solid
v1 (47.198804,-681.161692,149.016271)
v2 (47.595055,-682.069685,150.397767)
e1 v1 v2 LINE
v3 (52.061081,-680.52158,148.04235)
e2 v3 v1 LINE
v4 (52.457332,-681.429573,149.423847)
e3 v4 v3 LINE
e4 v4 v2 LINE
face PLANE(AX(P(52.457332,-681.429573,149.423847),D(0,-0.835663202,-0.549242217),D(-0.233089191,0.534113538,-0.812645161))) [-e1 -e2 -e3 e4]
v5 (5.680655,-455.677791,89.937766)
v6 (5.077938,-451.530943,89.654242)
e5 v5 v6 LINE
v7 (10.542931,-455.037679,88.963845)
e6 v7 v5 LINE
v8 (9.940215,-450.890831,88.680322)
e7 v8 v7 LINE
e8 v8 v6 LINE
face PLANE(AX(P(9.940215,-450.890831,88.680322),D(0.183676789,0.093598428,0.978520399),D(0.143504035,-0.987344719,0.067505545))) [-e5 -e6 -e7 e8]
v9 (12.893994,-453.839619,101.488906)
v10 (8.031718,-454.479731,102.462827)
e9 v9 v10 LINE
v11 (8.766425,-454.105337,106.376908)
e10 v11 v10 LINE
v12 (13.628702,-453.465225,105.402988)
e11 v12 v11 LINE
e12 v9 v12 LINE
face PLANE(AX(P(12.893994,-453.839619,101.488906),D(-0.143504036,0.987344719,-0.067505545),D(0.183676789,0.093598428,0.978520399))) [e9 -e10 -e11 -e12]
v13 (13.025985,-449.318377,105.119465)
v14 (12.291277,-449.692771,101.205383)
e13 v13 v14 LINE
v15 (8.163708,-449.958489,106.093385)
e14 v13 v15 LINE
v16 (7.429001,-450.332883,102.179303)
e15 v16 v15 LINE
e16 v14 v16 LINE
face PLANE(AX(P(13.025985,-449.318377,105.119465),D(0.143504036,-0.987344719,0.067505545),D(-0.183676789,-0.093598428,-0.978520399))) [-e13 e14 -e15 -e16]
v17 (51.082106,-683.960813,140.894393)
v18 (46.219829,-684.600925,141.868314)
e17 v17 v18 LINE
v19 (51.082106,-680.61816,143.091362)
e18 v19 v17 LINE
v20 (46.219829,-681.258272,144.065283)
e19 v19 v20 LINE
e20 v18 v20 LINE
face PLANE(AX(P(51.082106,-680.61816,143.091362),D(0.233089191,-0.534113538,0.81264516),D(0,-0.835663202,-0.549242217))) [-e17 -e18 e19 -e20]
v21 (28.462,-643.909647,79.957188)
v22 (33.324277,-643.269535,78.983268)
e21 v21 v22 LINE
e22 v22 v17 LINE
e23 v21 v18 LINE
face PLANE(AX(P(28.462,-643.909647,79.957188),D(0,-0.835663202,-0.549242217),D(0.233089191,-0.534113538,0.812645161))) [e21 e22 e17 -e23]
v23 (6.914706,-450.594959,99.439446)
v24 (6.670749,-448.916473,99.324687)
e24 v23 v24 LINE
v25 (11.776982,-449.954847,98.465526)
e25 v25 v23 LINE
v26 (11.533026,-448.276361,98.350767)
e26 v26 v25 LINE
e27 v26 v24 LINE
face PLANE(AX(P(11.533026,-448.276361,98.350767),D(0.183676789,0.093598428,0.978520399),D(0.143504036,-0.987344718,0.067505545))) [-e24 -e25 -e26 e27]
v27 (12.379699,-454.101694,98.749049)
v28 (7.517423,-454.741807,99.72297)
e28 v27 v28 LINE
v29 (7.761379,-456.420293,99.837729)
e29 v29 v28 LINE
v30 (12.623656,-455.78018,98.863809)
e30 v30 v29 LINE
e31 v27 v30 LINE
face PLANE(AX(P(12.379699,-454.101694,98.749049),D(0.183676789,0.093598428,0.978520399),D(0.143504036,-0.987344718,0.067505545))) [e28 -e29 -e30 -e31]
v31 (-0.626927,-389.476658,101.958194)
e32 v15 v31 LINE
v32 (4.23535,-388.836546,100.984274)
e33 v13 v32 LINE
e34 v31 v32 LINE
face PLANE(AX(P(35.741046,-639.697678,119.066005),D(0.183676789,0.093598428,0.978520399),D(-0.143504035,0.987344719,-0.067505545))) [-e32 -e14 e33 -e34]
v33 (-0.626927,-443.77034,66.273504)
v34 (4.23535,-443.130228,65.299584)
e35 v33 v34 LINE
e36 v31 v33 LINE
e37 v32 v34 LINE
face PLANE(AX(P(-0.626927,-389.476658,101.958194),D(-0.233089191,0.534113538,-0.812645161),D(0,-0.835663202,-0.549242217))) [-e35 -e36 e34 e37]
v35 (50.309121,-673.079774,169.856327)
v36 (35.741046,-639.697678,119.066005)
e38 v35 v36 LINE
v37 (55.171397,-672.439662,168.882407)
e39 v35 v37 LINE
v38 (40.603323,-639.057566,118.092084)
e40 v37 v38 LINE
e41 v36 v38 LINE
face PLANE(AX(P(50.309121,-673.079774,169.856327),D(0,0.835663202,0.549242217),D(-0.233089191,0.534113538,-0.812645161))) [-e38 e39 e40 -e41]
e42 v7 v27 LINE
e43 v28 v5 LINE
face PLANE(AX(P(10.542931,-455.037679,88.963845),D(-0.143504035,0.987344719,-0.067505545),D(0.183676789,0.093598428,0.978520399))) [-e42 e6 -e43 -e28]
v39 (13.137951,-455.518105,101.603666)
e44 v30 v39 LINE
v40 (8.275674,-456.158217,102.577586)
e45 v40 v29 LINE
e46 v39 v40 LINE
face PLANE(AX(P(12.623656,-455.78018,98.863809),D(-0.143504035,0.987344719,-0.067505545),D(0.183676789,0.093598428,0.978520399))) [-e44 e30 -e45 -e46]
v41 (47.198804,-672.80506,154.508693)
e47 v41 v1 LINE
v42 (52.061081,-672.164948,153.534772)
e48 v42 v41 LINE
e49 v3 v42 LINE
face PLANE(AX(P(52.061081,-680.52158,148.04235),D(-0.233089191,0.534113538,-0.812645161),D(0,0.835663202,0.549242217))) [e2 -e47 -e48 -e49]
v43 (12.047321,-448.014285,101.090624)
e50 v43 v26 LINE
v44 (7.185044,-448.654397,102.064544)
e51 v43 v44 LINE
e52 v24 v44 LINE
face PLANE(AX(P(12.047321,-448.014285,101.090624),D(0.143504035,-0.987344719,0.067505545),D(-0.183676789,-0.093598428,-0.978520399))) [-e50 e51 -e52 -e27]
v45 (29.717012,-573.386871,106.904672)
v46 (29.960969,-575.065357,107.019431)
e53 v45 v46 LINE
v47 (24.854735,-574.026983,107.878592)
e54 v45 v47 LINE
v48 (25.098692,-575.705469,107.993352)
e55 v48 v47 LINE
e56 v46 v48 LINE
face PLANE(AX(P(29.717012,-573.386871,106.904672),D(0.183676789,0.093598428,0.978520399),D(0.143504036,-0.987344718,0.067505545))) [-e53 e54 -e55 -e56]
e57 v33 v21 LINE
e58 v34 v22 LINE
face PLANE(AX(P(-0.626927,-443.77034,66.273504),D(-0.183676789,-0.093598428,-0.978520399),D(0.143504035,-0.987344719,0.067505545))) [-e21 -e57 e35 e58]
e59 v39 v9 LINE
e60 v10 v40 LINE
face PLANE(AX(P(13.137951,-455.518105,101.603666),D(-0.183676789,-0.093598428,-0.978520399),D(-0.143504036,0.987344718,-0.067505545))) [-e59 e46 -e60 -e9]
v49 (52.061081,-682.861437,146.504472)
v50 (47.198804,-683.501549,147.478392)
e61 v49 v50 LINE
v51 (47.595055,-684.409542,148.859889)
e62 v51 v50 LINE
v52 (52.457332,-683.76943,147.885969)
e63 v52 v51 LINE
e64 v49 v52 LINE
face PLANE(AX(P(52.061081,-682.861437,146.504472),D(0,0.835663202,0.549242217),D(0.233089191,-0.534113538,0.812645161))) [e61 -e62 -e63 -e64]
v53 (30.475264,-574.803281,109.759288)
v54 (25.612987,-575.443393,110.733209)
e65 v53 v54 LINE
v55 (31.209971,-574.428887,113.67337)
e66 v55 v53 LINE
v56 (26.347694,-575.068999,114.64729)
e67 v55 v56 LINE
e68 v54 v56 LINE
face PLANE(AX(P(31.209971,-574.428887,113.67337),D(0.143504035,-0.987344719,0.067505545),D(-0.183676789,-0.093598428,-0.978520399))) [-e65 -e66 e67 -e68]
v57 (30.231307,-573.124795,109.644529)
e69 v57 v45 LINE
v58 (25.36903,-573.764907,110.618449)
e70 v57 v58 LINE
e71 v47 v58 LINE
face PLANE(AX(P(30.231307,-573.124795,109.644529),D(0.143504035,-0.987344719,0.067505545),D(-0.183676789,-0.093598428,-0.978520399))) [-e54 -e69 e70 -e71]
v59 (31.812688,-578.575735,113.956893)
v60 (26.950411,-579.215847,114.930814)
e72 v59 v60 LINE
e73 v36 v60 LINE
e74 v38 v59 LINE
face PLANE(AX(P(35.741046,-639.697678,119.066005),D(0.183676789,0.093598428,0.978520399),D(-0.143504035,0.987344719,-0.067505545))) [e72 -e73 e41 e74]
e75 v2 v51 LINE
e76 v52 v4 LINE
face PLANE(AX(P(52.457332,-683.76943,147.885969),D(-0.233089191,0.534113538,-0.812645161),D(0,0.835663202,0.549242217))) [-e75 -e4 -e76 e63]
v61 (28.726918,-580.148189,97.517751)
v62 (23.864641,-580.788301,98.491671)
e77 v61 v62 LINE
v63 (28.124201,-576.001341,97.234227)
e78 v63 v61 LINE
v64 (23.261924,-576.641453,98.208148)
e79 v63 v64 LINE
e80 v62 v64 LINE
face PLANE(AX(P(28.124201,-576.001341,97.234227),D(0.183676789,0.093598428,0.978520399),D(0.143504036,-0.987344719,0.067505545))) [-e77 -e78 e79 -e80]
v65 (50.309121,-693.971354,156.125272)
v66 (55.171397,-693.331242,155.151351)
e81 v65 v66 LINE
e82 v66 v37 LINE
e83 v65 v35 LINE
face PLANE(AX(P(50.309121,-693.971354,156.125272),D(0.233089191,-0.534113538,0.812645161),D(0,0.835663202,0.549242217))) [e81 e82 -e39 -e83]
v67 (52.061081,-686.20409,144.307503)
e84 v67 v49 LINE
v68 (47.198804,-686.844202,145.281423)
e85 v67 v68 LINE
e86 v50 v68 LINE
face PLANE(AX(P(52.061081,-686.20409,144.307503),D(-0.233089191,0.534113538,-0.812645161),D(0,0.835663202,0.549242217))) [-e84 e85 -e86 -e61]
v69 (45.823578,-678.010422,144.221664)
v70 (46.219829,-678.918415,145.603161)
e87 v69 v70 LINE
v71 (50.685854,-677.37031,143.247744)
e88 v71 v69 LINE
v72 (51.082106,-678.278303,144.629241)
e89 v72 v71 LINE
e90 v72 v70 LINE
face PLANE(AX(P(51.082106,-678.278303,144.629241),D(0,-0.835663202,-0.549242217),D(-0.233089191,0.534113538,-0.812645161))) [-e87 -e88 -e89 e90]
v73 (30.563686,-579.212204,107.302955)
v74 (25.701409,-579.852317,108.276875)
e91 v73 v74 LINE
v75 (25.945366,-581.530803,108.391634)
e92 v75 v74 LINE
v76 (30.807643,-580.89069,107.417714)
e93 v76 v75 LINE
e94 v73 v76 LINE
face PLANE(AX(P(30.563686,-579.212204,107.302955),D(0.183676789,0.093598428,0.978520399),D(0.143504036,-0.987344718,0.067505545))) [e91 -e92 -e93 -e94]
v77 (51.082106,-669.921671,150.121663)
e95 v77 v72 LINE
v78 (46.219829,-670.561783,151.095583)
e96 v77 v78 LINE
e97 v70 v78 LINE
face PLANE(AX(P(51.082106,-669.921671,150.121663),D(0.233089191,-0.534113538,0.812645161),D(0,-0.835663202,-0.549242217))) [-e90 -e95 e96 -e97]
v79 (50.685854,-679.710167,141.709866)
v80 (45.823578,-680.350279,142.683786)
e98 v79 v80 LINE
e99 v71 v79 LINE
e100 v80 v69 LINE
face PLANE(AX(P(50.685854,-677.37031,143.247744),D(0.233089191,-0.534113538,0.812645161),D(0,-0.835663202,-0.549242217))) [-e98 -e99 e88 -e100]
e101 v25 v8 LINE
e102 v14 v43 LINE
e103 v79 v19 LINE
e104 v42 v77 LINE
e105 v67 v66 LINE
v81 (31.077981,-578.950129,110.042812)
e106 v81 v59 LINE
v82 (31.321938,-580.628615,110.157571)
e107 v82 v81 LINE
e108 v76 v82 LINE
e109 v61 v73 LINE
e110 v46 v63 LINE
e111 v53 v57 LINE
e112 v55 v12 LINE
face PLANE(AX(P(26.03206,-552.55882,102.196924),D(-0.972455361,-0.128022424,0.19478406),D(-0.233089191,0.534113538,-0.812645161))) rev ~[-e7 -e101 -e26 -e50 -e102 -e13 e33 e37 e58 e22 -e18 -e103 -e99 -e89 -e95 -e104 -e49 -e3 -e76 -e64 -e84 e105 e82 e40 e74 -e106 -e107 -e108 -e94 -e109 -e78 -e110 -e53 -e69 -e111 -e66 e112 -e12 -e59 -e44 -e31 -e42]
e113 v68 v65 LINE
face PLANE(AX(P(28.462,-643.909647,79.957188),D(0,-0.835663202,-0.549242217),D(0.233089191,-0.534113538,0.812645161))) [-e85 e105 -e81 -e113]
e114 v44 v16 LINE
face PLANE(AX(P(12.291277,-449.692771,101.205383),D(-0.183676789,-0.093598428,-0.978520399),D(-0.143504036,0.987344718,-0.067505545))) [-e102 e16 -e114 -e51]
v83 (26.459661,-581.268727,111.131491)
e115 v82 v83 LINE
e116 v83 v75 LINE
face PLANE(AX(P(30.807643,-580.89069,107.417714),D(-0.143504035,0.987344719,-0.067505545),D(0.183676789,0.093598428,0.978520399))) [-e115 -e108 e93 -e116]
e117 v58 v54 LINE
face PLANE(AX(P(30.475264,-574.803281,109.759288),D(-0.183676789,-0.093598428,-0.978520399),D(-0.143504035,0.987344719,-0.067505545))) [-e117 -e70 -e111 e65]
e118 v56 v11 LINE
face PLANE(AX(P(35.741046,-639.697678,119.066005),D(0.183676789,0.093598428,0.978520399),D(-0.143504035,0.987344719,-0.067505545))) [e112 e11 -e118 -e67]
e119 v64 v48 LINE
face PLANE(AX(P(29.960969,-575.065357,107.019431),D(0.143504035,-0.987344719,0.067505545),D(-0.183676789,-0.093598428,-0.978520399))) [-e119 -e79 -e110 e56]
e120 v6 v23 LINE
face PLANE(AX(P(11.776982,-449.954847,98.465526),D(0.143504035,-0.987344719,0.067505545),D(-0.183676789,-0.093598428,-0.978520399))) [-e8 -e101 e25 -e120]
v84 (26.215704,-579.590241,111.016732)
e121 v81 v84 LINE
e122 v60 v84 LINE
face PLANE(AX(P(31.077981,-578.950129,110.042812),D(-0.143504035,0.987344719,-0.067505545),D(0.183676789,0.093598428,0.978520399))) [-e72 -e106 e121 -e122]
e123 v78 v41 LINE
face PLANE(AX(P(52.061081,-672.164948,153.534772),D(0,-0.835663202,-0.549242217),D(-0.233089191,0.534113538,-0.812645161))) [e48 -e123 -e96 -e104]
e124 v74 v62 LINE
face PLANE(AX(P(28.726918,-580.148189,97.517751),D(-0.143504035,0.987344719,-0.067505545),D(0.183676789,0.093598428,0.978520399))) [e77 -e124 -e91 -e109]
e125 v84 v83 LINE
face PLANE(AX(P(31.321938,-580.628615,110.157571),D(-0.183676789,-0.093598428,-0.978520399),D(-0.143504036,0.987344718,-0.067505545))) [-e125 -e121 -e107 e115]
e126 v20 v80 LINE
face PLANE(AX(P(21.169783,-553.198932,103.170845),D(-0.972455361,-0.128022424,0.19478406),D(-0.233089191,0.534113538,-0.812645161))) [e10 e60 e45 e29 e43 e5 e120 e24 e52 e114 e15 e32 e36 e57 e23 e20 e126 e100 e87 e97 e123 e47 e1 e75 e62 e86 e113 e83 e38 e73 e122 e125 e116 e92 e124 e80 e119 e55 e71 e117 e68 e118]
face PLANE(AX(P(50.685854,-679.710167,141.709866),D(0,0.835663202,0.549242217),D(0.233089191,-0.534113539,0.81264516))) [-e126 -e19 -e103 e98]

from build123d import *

# Parameters (mm, degrees)
BOSS_EXTRUDE1_DEPTH = 5
CUT_EXTRUDE2_DEPTH  = 714.328929729


with BuildPart() as part:
    # Sketch1 → Boss-Extrude1 (new body)
    with BuildSketch(Plane(origin=(-68.393987025, -9.003975274, 13.699403605), x_dir=(0.23308919144115517, -0.5341135383088325, 0.8126451605888809), z_dir=(0.972455360843524, 0.1280224242624249, -0.19478406005796045))):
        Polygon((290.734459145, 269.471566891), (290.734459145, 334.44233671), (415.531866377, 494.175733816), (509.260454317, 494.175733816), (509.260454317, 469.175733816), (446.760454317, 469.175733816), align=None)
    extrude(amount=BOSS_EXTRUDE1_DEPTH)

    # Sketch3 → Cut-Extrude2 (cut, through all)
    with BuildSketch(Plane(origin=(-63.53171022, -8.363863152, 12.725483305), x_dir=(-0.193117751863984, -0.025423689104136546, -0.9808461499885377), z_dir=(0.9724553608435241, 0.1280224242624253, -0.19478406005796034))):
        Polygon((-103.20824521, -577.778495346), (-102.919185311, -573.588454251), (-98.928669982, -573.863749393), (-98.811669547, -572.167780379), (-96.018308817, -572.360486979), (-96.135309253, -574.056455993), (-86.159020932, -574.74469385), (-86.448080832, -578.934734944), (-96.424369152, -578.246497088), (-96.541369588, -579.942466102), (-99.334730318, -579.749759503), (-99.217729882, -578.053790488), align=None)
        Polygon((-94.487300279, -451.364843062), (-94.19824038, -447.174801967), (-90.207725052, -447.45009711), (-90.090724616, -445.754128095), (-87.297363886, -445.946834695), (-87.414364322, -447.64280371), (-77.438076001, -448.331041566), (-77.727135901, -452.521082661), (-87.703424221, -451.832844804), (-87.820424657, -453.528813819), (-90.613785387, -453.336107219), (-90.496784951, -451.640138205), align=None)
        Polygon((-130.671777813, -684.777132582), (-134.151538298, -687.128997155), (-136.39140932, -683.81493955), (-137.799883802, -684.766884734), (-139.367793517, -682.447044411), (-137.959319035, -681.495099227), (-143.558996589, -673.209955215), (-140.079236104, -670.858090643), (-134.47955855, -679.143234654), (-133.071084068, -678.19128947), (-131.503174353, -680.511129793), (-132.911648835, -681.463074978), align=None)
    extrude(amount=-CUT_EXTRUDE2_DEPTH, mode=Mode.SUBTRACT)


solid = part.part
